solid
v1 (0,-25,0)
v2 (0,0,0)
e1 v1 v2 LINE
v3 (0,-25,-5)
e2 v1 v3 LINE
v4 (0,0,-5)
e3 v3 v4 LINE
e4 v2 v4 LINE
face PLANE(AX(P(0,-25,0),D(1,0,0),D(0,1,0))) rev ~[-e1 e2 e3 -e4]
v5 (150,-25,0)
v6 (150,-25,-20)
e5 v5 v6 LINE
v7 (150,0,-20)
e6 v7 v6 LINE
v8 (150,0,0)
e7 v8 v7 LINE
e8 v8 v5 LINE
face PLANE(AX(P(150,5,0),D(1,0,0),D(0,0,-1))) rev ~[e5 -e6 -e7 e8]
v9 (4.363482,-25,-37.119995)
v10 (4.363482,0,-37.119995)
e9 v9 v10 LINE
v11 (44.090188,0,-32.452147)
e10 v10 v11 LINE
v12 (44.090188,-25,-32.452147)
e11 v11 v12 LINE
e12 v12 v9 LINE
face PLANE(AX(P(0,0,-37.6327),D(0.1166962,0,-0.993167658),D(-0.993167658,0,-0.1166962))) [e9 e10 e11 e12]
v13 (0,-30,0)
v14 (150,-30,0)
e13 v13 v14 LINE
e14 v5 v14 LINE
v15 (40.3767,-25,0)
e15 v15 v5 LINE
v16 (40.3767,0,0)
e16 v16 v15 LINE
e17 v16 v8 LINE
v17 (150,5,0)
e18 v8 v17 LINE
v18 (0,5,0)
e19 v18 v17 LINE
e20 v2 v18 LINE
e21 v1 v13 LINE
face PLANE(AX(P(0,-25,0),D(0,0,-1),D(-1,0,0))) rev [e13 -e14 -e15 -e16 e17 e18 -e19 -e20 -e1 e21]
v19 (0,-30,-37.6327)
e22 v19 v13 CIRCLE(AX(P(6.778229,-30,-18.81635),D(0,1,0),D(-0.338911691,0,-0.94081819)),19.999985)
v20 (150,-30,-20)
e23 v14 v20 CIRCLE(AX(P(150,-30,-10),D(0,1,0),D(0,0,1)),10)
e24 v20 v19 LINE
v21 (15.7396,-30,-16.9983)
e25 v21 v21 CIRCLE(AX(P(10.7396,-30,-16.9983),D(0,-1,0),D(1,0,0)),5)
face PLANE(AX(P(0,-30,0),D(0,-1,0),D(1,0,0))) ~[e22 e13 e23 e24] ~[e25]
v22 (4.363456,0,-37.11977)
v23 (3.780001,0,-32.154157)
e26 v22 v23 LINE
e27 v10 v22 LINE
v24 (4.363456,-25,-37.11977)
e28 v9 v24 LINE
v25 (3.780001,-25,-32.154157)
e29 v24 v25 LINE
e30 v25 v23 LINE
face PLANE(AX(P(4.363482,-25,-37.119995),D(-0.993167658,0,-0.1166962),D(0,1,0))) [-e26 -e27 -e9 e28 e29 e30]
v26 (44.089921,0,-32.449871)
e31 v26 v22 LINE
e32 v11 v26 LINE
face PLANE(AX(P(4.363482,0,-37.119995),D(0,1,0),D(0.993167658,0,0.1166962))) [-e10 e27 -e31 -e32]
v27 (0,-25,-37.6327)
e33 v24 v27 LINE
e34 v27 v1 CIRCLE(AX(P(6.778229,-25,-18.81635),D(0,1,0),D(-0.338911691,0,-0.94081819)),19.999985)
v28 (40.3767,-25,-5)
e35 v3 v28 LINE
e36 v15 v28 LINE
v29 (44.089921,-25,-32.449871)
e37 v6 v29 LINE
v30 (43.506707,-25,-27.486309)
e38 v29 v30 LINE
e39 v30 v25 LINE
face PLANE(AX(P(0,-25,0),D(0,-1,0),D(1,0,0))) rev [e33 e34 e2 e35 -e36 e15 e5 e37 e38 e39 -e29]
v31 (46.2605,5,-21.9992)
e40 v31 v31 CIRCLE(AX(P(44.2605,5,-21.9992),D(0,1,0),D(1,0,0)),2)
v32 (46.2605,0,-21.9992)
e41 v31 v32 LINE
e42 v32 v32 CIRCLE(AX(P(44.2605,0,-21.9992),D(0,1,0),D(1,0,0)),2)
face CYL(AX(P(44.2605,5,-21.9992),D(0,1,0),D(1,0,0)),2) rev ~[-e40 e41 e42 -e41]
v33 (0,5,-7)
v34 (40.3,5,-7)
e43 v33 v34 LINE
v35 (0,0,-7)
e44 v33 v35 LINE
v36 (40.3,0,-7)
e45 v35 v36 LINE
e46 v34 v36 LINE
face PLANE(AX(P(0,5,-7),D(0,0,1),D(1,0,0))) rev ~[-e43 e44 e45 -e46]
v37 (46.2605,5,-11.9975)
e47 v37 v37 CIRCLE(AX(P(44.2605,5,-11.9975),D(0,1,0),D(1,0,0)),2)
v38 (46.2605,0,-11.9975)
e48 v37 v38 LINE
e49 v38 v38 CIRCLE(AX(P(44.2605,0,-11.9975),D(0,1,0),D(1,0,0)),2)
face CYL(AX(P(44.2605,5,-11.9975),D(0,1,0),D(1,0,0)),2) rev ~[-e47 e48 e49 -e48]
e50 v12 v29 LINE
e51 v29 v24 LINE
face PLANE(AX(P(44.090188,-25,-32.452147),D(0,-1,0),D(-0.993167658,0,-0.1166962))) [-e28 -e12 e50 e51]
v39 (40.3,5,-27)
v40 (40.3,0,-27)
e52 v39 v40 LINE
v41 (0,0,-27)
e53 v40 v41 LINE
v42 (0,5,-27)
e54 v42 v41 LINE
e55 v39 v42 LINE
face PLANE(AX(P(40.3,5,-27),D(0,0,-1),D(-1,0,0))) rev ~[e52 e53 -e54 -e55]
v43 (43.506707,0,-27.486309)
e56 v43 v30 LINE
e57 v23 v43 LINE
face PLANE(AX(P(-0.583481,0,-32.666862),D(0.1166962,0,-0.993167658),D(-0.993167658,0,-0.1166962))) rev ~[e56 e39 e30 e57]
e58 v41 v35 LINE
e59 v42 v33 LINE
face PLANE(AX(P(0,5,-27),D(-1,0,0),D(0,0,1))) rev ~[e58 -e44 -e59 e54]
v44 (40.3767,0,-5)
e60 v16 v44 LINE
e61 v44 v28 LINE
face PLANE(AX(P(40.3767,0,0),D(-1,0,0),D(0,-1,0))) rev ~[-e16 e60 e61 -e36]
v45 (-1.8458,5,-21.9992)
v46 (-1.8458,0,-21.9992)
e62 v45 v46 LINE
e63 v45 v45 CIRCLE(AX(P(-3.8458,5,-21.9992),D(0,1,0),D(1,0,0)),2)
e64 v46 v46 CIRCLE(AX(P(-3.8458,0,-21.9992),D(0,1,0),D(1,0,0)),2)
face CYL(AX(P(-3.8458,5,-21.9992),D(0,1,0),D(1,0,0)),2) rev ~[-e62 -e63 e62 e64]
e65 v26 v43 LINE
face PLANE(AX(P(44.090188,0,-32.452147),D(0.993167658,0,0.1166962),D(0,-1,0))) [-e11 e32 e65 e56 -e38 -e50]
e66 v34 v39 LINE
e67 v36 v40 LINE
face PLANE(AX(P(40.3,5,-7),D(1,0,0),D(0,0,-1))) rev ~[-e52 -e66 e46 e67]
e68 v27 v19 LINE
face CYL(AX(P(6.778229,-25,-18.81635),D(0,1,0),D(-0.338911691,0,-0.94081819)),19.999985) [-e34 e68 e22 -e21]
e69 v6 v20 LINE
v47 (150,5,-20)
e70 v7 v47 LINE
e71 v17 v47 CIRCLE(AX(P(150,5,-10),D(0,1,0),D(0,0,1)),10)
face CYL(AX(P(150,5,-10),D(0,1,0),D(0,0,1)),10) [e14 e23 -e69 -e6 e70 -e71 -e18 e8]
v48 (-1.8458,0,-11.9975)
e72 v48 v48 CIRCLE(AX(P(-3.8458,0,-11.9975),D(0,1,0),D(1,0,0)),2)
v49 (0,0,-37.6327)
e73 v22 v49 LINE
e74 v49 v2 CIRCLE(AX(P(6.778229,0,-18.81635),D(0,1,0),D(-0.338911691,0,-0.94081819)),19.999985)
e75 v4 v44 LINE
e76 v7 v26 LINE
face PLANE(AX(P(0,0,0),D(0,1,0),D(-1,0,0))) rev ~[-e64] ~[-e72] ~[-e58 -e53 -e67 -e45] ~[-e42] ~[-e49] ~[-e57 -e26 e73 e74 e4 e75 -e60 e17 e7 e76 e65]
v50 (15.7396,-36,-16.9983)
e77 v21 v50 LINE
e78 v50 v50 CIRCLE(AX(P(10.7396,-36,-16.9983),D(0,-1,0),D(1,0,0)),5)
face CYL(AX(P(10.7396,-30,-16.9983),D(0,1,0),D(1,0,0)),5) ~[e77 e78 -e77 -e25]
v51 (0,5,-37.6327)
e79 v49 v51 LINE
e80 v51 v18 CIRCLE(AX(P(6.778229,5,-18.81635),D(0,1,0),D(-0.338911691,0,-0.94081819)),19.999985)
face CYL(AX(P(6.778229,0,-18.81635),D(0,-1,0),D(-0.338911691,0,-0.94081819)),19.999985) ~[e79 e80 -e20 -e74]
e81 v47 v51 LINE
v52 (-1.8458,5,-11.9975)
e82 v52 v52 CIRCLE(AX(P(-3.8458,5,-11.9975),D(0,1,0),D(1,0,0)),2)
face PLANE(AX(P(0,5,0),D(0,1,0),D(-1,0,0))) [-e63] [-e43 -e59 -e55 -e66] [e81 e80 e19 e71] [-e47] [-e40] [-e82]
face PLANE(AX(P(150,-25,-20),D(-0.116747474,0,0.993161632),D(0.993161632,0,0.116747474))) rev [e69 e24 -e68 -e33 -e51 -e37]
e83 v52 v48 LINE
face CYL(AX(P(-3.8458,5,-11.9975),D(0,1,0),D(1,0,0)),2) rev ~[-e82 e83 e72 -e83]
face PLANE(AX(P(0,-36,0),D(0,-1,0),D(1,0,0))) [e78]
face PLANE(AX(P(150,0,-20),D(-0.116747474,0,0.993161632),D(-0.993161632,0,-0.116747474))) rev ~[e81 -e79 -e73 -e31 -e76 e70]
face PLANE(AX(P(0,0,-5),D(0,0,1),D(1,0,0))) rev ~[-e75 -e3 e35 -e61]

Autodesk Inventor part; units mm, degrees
ref_plane "YZ Plane" through (0, 0, 0) normal (1, 0, 0) x (0, 1, 0)
ref_plane "XZ Plane" through (0, 0, 0) normal (0, 1, 0) x (-1, 0, 0)
sketch "Sketch1" plane through (0, 0, 0) normal (0, 1, 0) x (-1, 0, 0)
  line L0 (0, 0) -> (-150, 0)
  line L1 (-150, 0) -> (-150, -20) construction
  line L2 (-150, -20) -> (0, -37.6327)
  line L3 (0, -37.6327) -> (0, 0) construction
  arc A0 (-150, 0) -> (-150, -20) centre (-150, -10) ccw
  arc A1 (0, -37.6327) -> (0, 0) centre (-6.7783, -18.8163) ccw
  dimension "d0" = 150
  dimension "d1" = 20
  dimension "d3" = 20
extrude "Extrusion1" add sketch "Sketch1" along normal blind 5
sketch "Sketch5" plane through (0, 5, 0) normal (0, 1, 0) x (1, 0, 0)
  line L0 (0, 7) -> (40.3, 7)
  line L1 (40.3, 7) -> (40.3, 27)
  line L2 (40.3, 27) -> (0, 27)
  line L3 (0, 27) -> (0, 7)
  line L4 (0, 0) -> (150, 0) projected
  arc A0 (0, 37.6327) -> (0, 0) centre (6.7783, 18.8163) ccw projected
  line L5 (0, 0) -> (0, 37.6327) construction
  dimension "d13" = 40.3
  dimension "d14" = 20
  dimension "d15" = 7
  dimension "d16" = 0
extrude "Extrusion3" cut sketch "Sketch5" against normal blind 5
ref_plane "Work Plane1" through (0, -12.5, 0) normal (0, -1, 0) x (1, 0, 0)
mirror "Mirror1" about plane through (0, -12.5, 0) normal (0, -1, 0) of "Extrusion1"
sketch "Sketch8" plane through (0, 0, 0) normal (0, 0, 1) x (1, 0, 0)
  line L0 (0, 0) -> (40.3, 0) projected
  line L1 (0, -25) -> (150, -25) projected
  line L2 (0, 0) -> (40.3767, 0)
  line L3 (40.3767, 0) -> (40.3767, -25)
  line L4 (40.3767, -25) -> (0, -25)
  line L5 (0, -25) -> (0, 0)
extrude "Extrusion4" add sketch "Sketch8" against normal blind 5
sketch "Sketch11" plane through (0, 5, 0) normal (0, 1, 0) x (1, 0, 0)
  circle A0 centre (-3.8458, 11.9975) radius 2
  circle A1 centre (-3.8458, 11.9975) radius 2 projected
  circle A2 centre (-3.8458, 21.9992) radius 2
  circle A3 centre (44.2605, 21.9992) radius 2
  circle A4 centre (-3.8458, 21.9992) radius 2 projected
  circle A5 centre (44.2605, 11.9975) radius 2 projected
  circle A6 centre (44.2605, 21.9992) radius 2 projected
  circle A7 centre (44.2605, 11.9975) radius 2
  point P0 (0, 0)
extrude "Extrusion6" cut sketch "Sketch11" against normal blind 5
sketch "Sketch14" plane through (0, 0, -37.6327) normal (0.1167, 0, -0.9932) x (-0.9932, 0, -0.1167)
  line L0 (-151.0328, -25) -> (0, -25) projected
  line L1 (-4.3935, 0) -> (-44.3935, 0)
  line L2 (-44.3935, 0) -> (-44.3935, -25)
  line L3 (-44.3935, -25) -> (-4.3935, -25)
  line L4 (-4.3935, -25) -> (-4.3935, 0)
  dimension "d31" = 40
extrude "Extrusion7" add sketch "Sketch14" against normal blind 5
sketch "Sketch17" plane through (0, 5, 0) normal (0, 1, 0) x (1, 0, 0)
  arc A0 (150, 0) -> (150, 20) centre (150, 10) ccw projected
  line L0 (150, 20) -> (44.0899, 32.4499) projected
  line L1 (150, 0) -> (150, 20)
  point P0 (0, 0)
extrude "Extrusion10" add sketch "Sketch17" against normal up to surface (35 mm away)
sketch "Sketch18" plane through (0, -30, 0) normal (0, -1, 0) x (1, 0, 0)
  circle A0 centre (10.7396, -16.9983) radius 5
  circle A1 centre (10.7396, -16.9983) radius 2.9 projected
  point P0 (0, 0)
  dimension "d42" = 10
extrude "Extrusion11" add sketch "Sketch18" along normal blind 6 contours A0 | A1
properties part number "Tibia" material "PVC, Unplasticized"
